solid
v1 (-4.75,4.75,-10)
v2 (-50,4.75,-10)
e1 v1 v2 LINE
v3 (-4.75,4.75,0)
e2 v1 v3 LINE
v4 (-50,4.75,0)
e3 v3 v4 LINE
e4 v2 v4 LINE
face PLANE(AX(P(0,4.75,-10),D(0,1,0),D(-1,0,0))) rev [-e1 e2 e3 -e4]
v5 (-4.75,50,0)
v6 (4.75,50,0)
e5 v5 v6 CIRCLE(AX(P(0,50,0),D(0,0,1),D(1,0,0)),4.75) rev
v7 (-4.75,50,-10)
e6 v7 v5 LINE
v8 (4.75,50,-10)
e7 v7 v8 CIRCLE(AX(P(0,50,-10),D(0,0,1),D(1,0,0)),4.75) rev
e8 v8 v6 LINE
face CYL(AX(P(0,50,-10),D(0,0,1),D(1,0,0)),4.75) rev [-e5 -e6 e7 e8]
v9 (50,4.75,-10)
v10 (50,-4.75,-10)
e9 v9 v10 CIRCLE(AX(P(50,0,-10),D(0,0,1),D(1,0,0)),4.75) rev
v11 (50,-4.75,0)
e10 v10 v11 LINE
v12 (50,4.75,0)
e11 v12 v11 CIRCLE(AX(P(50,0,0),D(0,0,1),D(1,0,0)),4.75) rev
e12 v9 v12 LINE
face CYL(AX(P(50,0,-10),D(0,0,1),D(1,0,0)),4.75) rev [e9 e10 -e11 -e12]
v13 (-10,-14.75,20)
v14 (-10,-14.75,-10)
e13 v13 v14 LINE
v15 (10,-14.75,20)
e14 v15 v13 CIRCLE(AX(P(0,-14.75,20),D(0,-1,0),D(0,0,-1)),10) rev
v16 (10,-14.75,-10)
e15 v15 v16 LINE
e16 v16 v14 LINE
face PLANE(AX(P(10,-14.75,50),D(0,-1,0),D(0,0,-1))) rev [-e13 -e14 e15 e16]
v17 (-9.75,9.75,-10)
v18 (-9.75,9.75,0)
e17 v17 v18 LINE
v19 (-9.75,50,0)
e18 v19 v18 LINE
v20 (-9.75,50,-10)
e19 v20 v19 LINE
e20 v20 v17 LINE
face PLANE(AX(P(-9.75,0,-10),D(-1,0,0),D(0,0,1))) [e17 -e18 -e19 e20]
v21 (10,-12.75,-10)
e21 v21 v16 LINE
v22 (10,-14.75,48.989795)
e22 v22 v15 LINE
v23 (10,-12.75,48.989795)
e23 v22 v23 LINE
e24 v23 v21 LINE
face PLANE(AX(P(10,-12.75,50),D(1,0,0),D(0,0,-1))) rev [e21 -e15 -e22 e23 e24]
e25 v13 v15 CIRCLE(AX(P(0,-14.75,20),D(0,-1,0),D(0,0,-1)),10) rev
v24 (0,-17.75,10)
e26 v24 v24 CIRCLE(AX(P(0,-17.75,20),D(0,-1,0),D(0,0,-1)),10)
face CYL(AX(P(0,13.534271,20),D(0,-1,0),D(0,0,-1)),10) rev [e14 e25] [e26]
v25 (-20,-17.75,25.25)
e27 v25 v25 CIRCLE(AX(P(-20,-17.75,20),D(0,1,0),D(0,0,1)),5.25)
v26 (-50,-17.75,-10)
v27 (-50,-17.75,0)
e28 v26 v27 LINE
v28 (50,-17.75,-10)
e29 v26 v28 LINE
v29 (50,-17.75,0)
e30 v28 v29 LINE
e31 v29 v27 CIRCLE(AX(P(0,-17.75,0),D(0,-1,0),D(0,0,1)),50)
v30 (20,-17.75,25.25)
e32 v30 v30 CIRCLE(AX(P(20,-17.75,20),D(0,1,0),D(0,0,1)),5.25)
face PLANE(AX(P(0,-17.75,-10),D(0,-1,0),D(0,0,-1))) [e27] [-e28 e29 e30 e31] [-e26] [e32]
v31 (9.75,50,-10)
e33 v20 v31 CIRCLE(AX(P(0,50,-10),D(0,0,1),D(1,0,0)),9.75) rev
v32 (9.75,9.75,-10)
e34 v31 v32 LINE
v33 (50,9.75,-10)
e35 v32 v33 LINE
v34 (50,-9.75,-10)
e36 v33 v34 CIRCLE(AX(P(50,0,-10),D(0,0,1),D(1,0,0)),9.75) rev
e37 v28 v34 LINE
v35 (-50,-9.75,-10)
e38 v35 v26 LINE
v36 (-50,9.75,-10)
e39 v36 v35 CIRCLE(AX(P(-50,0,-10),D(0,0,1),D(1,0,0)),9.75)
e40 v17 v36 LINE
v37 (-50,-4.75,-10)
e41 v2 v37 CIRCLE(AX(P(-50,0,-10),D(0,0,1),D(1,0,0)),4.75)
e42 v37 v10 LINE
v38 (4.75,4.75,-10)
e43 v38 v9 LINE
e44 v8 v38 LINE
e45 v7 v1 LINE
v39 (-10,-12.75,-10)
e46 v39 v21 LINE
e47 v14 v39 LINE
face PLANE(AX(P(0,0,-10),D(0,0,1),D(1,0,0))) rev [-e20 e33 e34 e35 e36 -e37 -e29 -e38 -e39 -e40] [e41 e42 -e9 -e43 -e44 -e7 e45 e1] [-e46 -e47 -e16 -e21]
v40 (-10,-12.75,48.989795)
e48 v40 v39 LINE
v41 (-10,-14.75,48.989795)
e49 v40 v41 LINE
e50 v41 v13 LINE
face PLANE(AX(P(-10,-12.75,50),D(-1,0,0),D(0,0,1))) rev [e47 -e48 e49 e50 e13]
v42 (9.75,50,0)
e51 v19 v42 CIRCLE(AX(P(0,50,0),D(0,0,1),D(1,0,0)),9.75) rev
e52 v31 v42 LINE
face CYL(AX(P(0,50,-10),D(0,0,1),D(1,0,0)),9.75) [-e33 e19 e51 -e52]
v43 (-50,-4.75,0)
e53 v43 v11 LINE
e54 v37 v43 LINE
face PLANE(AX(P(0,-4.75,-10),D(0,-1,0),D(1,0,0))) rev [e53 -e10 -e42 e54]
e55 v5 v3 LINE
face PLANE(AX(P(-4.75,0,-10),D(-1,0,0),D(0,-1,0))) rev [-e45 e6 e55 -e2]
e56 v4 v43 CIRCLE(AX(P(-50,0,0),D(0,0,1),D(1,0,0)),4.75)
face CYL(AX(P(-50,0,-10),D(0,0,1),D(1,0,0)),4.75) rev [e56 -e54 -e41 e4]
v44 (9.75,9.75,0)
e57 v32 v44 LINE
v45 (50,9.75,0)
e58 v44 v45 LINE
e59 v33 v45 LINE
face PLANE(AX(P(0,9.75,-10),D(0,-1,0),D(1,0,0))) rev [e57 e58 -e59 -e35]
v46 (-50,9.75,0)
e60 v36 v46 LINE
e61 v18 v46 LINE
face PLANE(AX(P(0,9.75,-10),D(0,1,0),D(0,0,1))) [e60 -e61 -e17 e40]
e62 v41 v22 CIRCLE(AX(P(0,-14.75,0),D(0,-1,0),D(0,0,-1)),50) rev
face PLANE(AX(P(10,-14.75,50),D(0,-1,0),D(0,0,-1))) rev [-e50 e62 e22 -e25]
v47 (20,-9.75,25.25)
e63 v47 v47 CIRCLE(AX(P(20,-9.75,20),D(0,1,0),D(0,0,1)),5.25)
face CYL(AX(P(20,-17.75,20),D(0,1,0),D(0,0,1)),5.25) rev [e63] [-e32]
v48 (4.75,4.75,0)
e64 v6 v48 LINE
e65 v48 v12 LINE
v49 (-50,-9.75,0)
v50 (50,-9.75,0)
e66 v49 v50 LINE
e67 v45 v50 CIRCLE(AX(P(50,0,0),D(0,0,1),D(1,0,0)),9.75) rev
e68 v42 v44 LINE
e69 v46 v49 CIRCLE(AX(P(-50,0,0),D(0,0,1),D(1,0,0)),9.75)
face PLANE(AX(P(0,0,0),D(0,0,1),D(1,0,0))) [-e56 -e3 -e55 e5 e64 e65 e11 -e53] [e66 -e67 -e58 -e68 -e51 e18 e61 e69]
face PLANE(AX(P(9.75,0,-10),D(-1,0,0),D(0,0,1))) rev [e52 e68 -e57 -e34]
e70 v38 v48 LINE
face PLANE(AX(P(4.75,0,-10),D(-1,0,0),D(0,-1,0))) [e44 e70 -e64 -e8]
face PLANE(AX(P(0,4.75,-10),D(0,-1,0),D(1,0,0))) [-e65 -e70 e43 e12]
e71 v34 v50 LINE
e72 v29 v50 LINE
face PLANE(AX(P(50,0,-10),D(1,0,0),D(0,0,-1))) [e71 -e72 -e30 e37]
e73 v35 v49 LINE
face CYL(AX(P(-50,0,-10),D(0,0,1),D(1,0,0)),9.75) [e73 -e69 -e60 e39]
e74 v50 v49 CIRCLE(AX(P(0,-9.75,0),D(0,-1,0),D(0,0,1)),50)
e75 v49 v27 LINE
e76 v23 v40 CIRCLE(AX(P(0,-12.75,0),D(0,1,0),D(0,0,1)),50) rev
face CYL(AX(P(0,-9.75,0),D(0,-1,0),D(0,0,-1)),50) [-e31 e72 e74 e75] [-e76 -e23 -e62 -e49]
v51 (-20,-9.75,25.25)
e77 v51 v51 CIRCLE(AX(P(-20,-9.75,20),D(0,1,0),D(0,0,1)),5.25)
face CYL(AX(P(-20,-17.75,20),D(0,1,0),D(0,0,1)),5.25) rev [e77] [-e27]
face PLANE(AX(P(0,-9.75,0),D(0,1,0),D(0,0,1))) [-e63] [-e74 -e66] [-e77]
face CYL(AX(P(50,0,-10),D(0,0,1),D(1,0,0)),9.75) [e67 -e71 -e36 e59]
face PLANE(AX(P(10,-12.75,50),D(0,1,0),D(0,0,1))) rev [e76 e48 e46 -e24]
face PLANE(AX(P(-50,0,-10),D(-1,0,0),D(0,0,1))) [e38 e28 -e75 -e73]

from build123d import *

# Parameters (mm, degrees)
SKETCH1_W           = 100
SKETCH1_H           = 8
BOSS_EXTRUDE1_DEPTH = 10
BOSS_EXTRUDE2_DEPTH = 8
SKETCH3_R           = 5.25
CUT_EXTRUDE1_DEPTH  = 105.404561682
SKETCH4_W           = 20
SKETCH4_H           = 2
CUT_EXTRUDE2_DEPTH  = 104.634574347
SKETCH5_R           = 10
CUT_EXTRUDE3_DEPTH  = 3


with BuildPart() as part:
    # Sketch1 → Boss-Extrude1 (new body)
    # profile 1 of 2: a face of its own
    with BuildSketch(Plane.XY):
        with BuildLine():
            ThreePointArc((-9.75, 50), (0, 59.75), (9.75, 50))
            Line((9.75, 50), (9.75, 9.75))
            Line((9.75, 9.75), (50, 9.75))
            ThreePointArc((50, 9.75), (59.75, 0), (50, -9.75))
            Line((50, -9.75), (-50, -9.75))
            ThreePointArc((-50, -9.75), (-59.75, 0), (-50, 9.75))
            Line((-50, 9.75), (-9.75, 9.75))
            Line((-9.75, 9.75), (-9.75, 50))
        make_face()
        with BuildLine():
            Line((4.75, 4.75), (50, 4.75))
            ThreePointArc((50, 4.75), (54.75, 0), (50, -4.75))
            Line((50, -4.75), (-50, -4.75))
            ThreePointArc((-50, -4.75), (-54.75, 0), (-50, 4.75))
            Line((-50, 4.75), (-4.75, 4.75))
            Line((-4.75, 4.75), (-4.75, 50))
            ThreePointArc((-4.75, 50), (0, 54.75), (4.75, 50))
            Line((4.75, 50), (4.75, 4.75))
        make_face(mode=Mode.SUBTRACT)
    # profile 2 of 2: a face of its own
    with BuildSketch(Plane.XY):
        with Locations((0, -13.75)):
            Rectangle(SKETCH1_W, SKETCH1_H)
    extrude(amount=-BOSS_EXTRUDE1_DEPTH)

    # Sketch2 → Boss-Extrude2 (add)
    with BuildSketch(Plane.XZ.offset(17.75)):
        with BuildLine():
            Line((-50, 0), (50, 0))
            ThreePointArc((50, 0), (0, 50), (-50, 0))
        make_face()
    extrude(amount=-BOSS_EXTRUDE2_DEPTH)

    # Sketch3 → Cut-Extrude1 (cut, through all)
    with BuildSketch(Plane(origin=(0, -9.75, 0), x_dir=(1, 0, 0), z_dir=(0, 1, 0))):
        with Locations(Location((20, -20, 0), (0, 0, 270))):
            Circle(SKETCH3_R)
        with Locations(Location((-20, -20, 0), (0, 0, 270))):
            Circle(SKETCH3_R)
    extrude(amount=-CUT_EXTRUDE1_DEPTH, mode=Mode.SUBTRACT)

    # Sketch4 → Cut-Extrude2 (cut, through all)
    with BuildSketch(Plane(origin=(0, 0, -10), x_dir=(-1, 0, 0), z_dir=(0, 0, -1))):
        with Locations((0, -13.75)):
            Rectangle(SKETCH4_W, SKETCH4_H)
    extrude(amount=-CUT_EXTRUDE2_DEPTH, mode=Mode.SUBTRACT)

    # Sketch5 → Cut-Extrude3 (cut)
    with BuildSketch(Plane.XZ.offset(17.75)):
        with Locations(Location((0, 20, 0), (0, 0, 270))):
            Circle(SKETCH5_R)
    extrude(amount=-CUT_EXTRUDE3_DEPTH, mode=Mode.SUBTRACT)


solid = part.part
